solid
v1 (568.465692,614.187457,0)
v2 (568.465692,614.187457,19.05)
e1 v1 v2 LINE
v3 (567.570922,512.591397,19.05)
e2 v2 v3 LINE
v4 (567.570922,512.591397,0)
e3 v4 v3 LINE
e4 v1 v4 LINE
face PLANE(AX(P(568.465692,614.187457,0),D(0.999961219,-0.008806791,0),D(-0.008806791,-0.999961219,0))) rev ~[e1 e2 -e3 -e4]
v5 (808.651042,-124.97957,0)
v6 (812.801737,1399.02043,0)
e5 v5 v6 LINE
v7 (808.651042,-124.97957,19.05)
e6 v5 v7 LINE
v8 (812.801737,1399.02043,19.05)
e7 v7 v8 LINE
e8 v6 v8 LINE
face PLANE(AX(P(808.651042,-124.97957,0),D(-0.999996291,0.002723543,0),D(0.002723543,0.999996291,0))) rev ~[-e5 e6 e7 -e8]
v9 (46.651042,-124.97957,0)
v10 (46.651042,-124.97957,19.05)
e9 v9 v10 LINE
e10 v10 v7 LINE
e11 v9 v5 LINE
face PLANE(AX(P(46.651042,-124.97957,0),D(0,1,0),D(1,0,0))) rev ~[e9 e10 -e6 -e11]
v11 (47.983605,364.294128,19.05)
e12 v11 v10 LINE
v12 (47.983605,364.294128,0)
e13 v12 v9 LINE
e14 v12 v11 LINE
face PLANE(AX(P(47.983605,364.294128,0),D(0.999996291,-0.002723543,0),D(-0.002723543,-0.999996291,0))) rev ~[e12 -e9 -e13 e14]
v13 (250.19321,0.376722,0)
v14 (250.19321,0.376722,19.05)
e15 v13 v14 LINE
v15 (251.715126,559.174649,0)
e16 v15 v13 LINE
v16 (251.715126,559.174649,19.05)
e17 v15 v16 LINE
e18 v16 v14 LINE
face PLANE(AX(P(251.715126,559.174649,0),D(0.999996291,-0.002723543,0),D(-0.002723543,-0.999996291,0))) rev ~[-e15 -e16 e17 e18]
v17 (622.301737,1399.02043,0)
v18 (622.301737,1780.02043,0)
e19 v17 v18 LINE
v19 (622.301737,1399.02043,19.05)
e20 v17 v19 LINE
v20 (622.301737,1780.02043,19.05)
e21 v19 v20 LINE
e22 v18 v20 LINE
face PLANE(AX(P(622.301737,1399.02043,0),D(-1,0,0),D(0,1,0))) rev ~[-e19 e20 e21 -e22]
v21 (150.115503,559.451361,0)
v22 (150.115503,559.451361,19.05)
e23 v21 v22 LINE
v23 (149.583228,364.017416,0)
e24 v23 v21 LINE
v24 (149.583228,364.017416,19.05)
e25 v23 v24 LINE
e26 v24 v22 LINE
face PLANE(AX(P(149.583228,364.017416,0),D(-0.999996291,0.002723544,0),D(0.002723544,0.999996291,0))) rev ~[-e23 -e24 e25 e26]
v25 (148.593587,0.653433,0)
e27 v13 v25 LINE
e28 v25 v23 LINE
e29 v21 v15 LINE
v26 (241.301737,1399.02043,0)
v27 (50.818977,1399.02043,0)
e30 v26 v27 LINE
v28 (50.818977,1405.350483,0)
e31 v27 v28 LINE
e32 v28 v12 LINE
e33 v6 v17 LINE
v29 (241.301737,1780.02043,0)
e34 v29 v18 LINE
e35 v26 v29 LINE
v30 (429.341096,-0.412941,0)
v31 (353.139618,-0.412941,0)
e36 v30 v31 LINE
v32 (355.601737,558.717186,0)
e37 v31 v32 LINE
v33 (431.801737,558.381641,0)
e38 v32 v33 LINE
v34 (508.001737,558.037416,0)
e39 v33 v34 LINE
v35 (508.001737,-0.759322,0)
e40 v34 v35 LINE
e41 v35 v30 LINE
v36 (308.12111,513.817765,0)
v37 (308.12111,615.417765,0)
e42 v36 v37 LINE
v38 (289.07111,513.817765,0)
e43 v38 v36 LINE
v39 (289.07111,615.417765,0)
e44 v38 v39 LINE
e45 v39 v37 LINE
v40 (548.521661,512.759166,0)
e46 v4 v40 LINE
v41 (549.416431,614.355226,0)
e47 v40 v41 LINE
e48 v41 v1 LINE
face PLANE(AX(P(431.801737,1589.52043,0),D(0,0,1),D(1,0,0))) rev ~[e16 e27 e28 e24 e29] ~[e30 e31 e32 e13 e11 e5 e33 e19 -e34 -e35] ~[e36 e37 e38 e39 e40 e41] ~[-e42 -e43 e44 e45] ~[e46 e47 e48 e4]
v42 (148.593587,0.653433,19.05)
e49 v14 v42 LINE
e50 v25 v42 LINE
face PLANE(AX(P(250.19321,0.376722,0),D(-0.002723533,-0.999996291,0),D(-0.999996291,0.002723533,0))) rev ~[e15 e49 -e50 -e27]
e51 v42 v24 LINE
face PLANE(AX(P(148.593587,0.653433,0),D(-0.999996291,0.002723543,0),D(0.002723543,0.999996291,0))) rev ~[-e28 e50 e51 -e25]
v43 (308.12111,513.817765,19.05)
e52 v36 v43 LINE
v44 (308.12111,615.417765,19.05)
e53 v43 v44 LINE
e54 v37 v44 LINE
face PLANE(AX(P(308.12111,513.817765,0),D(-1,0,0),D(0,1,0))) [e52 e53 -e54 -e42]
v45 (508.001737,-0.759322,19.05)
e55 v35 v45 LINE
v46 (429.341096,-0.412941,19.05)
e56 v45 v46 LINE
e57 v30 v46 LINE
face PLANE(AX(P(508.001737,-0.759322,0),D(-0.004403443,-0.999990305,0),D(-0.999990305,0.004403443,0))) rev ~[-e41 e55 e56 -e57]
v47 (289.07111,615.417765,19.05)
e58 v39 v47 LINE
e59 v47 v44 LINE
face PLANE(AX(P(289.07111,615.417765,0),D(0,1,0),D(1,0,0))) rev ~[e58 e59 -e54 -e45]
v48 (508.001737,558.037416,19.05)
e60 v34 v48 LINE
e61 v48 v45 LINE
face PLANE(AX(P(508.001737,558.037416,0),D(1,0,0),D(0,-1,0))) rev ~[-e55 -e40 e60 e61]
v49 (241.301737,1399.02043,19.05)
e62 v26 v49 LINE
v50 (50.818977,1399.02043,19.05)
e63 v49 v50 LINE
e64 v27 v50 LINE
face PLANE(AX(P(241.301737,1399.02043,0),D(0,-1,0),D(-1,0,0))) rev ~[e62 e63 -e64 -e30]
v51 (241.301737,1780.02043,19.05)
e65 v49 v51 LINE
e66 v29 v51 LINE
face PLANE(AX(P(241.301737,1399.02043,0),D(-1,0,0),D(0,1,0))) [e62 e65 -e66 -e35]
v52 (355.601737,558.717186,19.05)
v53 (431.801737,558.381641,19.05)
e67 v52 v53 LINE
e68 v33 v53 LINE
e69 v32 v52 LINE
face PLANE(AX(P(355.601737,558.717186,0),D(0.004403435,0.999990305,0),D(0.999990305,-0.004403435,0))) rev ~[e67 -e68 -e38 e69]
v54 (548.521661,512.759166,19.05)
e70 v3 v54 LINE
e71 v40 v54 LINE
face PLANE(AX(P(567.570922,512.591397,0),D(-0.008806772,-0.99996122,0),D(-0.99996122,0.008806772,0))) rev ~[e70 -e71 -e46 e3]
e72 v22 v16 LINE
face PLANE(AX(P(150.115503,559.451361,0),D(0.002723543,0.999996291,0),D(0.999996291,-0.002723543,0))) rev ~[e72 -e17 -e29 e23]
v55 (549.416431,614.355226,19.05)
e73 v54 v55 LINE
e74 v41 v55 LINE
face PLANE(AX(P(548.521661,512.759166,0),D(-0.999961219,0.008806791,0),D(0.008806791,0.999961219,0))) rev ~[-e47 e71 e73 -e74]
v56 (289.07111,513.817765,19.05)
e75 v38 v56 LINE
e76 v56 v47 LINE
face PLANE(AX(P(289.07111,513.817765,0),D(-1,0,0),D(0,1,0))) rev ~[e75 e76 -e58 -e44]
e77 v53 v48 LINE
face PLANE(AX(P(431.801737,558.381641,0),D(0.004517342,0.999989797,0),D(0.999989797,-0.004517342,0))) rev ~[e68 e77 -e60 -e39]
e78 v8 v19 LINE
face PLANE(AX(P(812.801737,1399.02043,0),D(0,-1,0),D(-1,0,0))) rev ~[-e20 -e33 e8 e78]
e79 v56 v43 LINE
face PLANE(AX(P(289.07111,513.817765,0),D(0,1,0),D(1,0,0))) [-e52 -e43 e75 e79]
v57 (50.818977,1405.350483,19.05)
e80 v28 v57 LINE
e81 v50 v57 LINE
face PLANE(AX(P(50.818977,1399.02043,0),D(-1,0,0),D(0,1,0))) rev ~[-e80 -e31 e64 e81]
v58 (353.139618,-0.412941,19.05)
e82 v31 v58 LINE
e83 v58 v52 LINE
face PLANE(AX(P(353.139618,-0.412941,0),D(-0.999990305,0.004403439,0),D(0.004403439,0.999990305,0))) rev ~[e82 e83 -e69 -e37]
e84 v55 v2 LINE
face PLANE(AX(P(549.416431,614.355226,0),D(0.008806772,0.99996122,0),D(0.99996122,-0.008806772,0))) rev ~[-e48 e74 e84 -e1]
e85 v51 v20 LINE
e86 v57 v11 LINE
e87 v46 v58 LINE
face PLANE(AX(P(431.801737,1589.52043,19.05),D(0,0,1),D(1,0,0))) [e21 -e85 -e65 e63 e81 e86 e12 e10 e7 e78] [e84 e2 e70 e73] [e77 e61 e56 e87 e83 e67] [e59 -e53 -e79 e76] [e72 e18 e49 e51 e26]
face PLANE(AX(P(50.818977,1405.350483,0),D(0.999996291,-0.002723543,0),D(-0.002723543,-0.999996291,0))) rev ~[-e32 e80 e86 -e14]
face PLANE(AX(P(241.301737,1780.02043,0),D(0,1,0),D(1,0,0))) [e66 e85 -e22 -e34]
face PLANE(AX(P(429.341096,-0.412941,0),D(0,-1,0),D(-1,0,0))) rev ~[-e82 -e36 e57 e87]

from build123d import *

# Parameters (mm, degrees)
F0_W     = 381
F0_H     = 381
F0_W_2   = 19.05
F0_H_2   = 101.6
F1_DEPTH = 19.05


with BuildPart() as f1:
    # F0 (on Top) → F1 (new body)
    with BuildSketch(Plane.XY):
        with Locations((431.801737, 1589.52043)):
            Rectangle(F0_W, F0_H)
        Polygon((47.983605, 364.294128), (46.651042, -124.97957), (808.651042, -124.97957), (812.801737, 1399.02043), (622.301737, 1399.02043), (241.301737, 1399.02043), (50.818977, 1399.02043), (50.818977, 1405.350483), align=None)
        Polygon((148.593587, 0.653433), (149.583228, 364.017416), (150.115503, 559.451361), (251.715126, 559.174649), (250.19321, 0.376722), align=None, mode=Mode.SUBTRACT)
        with Locations((298.59611, 564.617765)):
            Rectangle(F0_W_2, F0_H_2, mode=Mode.SUBTRACT)
        Polygon((355.601737, 558.717186), (431.801737, 558.381641), (508.001737, 558.037416), (508.001737, -0.759322), (429.341096, -0.412941), (353.139618, -0.412941), align=None, mode=Mode.SUBTRACT)
        Polygon((548.521661, 512.759166), (549.416431, 614.355226), (568.465692, 614.187457), (567.570922, 512.591397), align=None, mode=Mode.SUBTRACT)
    extrude(amount=F1_DEPTH)


solid = f1.part
